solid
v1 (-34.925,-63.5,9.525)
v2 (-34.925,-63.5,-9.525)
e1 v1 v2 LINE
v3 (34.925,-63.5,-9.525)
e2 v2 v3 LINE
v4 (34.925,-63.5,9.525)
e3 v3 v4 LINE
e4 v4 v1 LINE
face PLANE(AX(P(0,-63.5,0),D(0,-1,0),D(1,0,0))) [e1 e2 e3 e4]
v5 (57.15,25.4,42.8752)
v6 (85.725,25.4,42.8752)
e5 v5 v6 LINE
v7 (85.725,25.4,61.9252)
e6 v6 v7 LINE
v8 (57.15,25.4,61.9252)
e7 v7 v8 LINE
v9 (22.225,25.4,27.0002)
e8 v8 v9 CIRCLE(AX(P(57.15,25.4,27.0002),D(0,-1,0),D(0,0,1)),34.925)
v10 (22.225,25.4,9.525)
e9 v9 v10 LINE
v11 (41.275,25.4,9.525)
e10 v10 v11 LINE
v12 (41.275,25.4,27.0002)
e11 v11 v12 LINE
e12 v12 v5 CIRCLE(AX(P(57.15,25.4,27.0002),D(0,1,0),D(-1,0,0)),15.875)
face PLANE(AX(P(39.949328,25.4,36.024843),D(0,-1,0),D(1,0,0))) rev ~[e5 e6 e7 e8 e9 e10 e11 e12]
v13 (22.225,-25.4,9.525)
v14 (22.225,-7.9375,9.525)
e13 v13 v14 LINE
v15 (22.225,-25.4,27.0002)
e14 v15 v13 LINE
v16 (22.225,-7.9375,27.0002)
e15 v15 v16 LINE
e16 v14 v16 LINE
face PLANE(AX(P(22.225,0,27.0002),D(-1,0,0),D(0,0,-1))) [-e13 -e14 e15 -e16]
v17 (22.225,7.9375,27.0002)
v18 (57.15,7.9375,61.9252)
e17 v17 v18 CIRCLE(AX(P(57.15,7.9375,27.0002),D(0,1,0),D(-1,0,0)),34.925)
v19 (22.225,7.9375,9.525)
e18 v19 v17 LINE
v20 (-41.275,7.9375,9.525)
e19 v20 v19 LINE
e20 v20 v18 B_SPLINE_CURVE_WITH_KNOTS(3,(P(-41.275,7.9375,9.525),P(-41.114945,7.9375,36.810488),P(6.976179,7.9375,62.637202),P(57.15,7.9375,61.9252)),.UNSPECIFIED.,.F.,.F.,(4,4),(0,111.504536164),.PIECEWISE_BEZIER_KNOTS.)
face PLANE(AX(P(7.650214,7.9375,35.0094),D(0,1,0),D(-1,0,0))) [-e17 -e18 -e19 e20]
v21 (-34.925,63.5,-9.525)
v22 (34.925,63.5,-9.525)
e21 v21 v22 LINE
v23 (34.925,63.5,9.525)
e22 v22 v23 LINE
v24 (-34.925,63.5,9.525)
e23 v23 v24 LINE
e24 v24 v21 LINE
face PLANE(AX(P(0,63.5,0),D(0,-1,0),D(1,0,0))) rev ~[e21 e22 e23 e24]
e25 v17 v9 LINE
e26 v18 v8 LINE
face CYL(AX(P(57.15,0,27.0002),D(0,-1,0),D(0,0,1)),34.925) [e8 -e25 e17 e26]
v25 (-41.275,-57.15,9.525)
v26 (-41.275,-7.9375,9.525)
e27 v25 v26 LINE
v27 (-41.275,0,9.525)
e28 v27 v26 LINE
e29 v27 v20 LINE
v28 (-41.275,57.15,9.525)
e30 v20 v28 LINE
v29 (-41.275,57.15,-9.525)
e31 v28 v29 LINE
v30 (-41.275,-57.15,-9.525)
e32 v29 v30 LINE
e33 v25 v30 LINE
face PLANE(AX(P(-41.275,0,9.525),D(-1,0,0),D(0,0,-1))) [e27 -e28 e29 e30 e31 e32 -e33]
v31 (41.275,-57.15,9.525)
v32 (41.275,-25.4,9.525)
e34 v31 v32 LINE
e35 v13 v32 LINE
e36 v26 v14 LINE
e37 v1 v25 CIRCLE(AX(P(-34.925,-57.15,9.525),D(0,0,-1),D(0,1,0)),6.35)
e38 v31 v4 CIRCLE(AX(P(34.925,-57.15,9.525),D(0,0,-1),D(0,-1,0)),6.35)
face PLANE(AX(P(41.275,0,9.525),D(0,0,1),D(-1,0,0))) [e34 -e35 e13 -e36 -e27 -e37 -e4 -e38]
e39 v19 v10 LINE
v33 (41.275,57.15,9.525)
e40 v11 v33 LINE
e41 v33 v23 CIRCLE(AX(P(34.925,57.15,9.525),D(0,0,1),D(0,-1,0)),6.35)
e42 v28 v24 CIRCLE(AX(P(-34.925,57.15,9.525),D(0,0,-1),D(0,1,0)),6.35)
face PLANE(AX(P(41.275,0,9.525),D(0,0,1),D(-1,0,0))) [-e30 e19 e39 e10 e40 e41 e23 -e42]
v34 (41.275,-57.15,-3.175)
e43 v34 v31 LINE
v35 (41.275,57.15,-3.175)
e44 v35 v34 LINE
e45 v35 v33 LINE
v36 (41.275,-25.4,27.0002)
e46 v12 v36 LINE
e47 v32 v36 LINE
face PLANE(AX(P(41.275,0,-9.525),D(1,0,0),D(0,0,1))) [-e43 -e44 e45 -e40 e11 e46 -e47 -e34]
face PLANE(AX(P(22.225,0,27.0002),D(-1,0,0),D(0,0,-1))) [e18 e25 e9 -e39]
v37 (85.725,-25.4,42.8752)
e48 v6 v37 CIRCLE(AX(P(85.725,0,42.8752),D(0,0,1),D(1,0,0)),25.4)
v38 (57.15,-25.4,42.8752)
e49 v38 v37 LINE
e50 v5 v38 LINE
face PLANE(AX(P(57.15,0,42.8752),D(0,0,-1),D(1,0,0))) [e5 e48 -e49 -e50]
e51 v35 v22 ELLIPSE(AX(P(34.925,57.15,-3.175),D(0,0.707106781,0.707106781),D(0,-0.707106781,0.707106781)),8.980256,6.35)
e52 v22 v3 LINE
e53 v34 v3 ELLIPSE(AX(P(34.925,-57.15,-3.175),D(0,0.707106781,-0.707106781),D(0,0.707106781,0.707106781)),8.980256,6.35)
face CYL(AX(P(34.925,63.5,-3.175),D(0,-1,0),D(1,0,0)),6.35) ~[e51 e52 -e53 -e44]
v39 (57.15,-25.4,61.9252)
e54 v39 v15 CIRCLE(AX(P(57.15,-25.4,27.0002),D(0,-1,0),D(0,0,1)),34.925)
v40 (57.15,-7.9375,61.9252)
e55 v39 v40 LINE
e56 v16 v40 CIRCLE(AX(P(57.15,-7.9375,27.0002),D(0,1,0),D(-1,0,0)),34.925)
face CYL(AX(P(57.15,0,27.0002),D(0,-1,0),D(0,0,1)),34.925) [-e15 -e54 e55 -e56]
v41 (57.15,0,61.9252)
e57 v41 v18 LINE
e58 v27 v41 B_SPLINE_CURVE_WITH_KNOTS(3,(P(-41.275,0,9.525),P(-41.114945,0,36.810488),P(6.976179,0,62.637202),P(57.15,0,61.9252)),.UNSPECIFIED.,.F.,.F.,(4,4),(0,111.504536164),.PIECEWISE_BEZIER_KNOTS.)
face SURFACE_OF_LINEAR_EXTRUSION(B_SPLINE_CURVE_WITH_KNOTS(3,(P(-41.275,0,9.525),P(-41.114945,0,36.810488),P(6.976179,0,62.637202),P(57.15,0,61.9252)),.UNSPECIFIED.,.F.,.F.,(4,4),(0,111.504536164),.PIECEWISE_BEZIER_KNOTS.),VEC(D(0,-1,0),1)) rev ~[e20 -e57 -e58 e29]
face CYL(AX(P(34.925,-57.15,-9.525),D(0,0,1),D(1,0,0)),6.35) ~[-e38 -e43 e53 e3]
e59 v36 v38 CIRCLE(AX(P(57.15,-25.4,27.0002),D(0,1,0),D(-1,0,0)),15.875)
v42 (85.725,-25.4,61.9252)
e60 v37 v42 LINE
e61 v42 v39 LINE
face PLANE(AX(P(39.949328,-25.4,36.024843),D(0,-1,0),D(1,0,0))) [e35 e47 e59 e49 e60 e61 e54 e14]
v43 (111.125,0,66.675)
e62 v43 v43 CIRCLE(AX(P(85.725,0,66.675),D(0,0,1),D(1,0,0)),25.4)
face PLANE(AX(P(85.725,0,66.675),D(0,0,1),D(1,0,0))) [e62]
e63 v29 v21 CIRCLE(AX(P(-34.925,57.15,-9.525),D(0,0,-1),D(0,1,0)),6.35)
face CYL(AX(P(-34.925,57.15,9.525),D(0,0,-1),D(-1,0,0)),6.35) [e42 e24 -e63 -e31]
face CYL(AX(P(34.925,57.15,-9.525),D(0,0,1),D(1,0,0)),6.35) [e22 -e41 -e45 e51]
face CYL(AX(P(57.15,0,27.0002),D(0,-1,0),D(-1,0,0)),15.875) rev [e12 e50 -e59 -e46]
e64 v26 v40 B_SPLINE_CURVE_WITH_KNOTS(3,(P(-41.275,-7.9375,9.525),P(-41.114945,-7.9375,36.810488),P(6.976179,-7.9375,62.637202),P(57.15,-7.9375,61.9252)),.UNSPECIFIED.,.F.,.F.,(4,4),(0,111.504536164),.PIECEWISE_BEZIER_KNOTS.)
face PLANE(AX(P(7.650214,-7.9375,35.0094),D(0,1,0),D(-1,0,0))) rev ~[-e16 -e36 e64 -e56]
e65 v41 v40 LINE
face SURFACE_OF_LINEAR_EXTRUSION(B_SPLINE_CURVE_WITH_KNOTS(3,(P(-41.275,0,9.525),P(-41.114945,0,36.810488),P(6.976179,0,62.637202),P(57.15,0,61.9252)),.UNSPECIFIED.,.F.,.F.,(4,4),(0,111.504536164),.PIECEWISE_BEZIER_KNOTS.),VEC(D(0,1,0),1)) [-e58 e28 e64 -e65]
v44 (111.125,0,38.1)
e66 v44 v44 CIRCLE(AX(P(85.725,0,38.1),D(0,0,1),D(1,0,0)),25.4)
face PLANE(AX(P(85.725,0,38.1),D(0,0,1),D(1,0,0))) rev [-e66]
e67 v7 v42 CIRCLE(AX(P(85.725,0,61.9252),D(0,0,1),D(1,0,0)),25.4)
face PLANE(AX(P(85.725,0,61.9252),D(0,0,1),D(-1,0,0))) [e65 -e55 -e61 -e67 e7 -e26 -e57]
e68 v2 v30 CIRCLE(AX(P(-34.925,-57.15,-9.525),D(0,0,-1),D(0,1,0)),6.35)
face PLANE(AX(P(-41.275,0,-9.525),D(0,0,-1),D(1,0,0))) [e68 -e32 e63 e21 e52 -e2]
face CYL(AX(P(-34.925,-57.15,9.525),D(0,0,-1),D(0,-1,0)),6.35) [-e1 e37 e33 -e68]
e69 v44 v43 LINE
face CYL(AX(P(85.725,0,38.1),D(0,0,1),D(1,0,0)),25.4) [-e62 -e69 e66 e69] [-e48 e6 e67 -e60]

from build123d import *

# Parameters (mm, degrees)
F1_DEPTH = 63.5
F0_W     = 25.4
F0_H     = 19.05
F2_DEPTH = 25.4
F3_DEPTH = 7.9375
F5_R     = 6.35


with BuildPart() as f1:
    # F0 (on Front) → F1 (new body, symmetric)
    with BuildSketch(Plane.XZ):
        Polygon((-41.275, 9.525), (-41.275, -9.525), (41.275, -9.525), (41.275, 9.525), (22.225, 9.525), align=None)
    extrude(amount=F1_DEPTH, both=True)

    # F0 (on Front) → F2 (join, symmetric)
    with BuildSketch(Plane.XZ):
        with BuildLine():
            Line((22.225, 9.525), (41.275, 9.525))
            Line((41.275, 9.525), (41.275, 27.0002))
            ThreePointArc((41.275, 27.0002), (45.9246798487, 38.2255201513), (57.15, 42.8752))
            Line((57.15, 42.8752), (60.325, 42.8752))
            Line((60.325, 42.8752), (60.325, 61.9252))
            Line((60.325, 61.9252), (57.15, 61.9252))
            ThreePointArc((57.15, 61.9252), (32.4542956671, 51.6959043329), (22.225, 27.0002))
            Line((22.225, 27.0002), (22.225, 9.525))
        make_face()
        with Locations((73.025, 52.4002)):
            Rectangle(F0_W, F0_H)
    extrude(amount=F2_DEPTH, both=True)

    # F0 (on Front) → F3 (join, symmetric)
    with BuildSketch(Plane.XZ):
        with BuildLine():
            add(Edge.make_bspline(
                [(-41.275, 9.525), (-41.1149449646, 36.8104875088), (6.9761793129, 62.6372024417), (57.15, 61.9252)],
                knots=[0, 0, 0, 0, 111.5045361635, 111.5045361635, 111.5045361635, 111.5045361635], degree=3))
            Line((-41.275, 9.525), (22.225, 9.525))
            Line((22.225, 9.525), (22.225, 27.0002))
            ThreePointArc((22.225, 27.0002), (32.4542956671, 51.6959043329), (57.15, 61.9252))
        make_face()
    extrude(amount=F3_DEPTH, both=True)

    # F0 (on Front) → F4 (revolve)
    with BuildSketch(Plane.XZ):
        Polygon((85.725, 66.675), (85.725, 61.9252), (85.725, 42.8752), (85.725, 38.1), (111.125, 38.1), (111.125, 66.675), align=None)
    revolve(axis=Axis((85.725, 0, 52.3875), (0, 0, 1)))

    # F5
    f5_edges = [f1.edges().sort_by_distance(p)[0] for p in [
        (-41.275, -63.5, 0),
        (41.275, -63.5, 0),
        (41.275, 63.5, 0),
        (41.275, 0, -9.525),
        (-41.275, 63.5, 0),
    ]]
    fillet(f5_edges, radius=F5_R)


solid = f1.part
